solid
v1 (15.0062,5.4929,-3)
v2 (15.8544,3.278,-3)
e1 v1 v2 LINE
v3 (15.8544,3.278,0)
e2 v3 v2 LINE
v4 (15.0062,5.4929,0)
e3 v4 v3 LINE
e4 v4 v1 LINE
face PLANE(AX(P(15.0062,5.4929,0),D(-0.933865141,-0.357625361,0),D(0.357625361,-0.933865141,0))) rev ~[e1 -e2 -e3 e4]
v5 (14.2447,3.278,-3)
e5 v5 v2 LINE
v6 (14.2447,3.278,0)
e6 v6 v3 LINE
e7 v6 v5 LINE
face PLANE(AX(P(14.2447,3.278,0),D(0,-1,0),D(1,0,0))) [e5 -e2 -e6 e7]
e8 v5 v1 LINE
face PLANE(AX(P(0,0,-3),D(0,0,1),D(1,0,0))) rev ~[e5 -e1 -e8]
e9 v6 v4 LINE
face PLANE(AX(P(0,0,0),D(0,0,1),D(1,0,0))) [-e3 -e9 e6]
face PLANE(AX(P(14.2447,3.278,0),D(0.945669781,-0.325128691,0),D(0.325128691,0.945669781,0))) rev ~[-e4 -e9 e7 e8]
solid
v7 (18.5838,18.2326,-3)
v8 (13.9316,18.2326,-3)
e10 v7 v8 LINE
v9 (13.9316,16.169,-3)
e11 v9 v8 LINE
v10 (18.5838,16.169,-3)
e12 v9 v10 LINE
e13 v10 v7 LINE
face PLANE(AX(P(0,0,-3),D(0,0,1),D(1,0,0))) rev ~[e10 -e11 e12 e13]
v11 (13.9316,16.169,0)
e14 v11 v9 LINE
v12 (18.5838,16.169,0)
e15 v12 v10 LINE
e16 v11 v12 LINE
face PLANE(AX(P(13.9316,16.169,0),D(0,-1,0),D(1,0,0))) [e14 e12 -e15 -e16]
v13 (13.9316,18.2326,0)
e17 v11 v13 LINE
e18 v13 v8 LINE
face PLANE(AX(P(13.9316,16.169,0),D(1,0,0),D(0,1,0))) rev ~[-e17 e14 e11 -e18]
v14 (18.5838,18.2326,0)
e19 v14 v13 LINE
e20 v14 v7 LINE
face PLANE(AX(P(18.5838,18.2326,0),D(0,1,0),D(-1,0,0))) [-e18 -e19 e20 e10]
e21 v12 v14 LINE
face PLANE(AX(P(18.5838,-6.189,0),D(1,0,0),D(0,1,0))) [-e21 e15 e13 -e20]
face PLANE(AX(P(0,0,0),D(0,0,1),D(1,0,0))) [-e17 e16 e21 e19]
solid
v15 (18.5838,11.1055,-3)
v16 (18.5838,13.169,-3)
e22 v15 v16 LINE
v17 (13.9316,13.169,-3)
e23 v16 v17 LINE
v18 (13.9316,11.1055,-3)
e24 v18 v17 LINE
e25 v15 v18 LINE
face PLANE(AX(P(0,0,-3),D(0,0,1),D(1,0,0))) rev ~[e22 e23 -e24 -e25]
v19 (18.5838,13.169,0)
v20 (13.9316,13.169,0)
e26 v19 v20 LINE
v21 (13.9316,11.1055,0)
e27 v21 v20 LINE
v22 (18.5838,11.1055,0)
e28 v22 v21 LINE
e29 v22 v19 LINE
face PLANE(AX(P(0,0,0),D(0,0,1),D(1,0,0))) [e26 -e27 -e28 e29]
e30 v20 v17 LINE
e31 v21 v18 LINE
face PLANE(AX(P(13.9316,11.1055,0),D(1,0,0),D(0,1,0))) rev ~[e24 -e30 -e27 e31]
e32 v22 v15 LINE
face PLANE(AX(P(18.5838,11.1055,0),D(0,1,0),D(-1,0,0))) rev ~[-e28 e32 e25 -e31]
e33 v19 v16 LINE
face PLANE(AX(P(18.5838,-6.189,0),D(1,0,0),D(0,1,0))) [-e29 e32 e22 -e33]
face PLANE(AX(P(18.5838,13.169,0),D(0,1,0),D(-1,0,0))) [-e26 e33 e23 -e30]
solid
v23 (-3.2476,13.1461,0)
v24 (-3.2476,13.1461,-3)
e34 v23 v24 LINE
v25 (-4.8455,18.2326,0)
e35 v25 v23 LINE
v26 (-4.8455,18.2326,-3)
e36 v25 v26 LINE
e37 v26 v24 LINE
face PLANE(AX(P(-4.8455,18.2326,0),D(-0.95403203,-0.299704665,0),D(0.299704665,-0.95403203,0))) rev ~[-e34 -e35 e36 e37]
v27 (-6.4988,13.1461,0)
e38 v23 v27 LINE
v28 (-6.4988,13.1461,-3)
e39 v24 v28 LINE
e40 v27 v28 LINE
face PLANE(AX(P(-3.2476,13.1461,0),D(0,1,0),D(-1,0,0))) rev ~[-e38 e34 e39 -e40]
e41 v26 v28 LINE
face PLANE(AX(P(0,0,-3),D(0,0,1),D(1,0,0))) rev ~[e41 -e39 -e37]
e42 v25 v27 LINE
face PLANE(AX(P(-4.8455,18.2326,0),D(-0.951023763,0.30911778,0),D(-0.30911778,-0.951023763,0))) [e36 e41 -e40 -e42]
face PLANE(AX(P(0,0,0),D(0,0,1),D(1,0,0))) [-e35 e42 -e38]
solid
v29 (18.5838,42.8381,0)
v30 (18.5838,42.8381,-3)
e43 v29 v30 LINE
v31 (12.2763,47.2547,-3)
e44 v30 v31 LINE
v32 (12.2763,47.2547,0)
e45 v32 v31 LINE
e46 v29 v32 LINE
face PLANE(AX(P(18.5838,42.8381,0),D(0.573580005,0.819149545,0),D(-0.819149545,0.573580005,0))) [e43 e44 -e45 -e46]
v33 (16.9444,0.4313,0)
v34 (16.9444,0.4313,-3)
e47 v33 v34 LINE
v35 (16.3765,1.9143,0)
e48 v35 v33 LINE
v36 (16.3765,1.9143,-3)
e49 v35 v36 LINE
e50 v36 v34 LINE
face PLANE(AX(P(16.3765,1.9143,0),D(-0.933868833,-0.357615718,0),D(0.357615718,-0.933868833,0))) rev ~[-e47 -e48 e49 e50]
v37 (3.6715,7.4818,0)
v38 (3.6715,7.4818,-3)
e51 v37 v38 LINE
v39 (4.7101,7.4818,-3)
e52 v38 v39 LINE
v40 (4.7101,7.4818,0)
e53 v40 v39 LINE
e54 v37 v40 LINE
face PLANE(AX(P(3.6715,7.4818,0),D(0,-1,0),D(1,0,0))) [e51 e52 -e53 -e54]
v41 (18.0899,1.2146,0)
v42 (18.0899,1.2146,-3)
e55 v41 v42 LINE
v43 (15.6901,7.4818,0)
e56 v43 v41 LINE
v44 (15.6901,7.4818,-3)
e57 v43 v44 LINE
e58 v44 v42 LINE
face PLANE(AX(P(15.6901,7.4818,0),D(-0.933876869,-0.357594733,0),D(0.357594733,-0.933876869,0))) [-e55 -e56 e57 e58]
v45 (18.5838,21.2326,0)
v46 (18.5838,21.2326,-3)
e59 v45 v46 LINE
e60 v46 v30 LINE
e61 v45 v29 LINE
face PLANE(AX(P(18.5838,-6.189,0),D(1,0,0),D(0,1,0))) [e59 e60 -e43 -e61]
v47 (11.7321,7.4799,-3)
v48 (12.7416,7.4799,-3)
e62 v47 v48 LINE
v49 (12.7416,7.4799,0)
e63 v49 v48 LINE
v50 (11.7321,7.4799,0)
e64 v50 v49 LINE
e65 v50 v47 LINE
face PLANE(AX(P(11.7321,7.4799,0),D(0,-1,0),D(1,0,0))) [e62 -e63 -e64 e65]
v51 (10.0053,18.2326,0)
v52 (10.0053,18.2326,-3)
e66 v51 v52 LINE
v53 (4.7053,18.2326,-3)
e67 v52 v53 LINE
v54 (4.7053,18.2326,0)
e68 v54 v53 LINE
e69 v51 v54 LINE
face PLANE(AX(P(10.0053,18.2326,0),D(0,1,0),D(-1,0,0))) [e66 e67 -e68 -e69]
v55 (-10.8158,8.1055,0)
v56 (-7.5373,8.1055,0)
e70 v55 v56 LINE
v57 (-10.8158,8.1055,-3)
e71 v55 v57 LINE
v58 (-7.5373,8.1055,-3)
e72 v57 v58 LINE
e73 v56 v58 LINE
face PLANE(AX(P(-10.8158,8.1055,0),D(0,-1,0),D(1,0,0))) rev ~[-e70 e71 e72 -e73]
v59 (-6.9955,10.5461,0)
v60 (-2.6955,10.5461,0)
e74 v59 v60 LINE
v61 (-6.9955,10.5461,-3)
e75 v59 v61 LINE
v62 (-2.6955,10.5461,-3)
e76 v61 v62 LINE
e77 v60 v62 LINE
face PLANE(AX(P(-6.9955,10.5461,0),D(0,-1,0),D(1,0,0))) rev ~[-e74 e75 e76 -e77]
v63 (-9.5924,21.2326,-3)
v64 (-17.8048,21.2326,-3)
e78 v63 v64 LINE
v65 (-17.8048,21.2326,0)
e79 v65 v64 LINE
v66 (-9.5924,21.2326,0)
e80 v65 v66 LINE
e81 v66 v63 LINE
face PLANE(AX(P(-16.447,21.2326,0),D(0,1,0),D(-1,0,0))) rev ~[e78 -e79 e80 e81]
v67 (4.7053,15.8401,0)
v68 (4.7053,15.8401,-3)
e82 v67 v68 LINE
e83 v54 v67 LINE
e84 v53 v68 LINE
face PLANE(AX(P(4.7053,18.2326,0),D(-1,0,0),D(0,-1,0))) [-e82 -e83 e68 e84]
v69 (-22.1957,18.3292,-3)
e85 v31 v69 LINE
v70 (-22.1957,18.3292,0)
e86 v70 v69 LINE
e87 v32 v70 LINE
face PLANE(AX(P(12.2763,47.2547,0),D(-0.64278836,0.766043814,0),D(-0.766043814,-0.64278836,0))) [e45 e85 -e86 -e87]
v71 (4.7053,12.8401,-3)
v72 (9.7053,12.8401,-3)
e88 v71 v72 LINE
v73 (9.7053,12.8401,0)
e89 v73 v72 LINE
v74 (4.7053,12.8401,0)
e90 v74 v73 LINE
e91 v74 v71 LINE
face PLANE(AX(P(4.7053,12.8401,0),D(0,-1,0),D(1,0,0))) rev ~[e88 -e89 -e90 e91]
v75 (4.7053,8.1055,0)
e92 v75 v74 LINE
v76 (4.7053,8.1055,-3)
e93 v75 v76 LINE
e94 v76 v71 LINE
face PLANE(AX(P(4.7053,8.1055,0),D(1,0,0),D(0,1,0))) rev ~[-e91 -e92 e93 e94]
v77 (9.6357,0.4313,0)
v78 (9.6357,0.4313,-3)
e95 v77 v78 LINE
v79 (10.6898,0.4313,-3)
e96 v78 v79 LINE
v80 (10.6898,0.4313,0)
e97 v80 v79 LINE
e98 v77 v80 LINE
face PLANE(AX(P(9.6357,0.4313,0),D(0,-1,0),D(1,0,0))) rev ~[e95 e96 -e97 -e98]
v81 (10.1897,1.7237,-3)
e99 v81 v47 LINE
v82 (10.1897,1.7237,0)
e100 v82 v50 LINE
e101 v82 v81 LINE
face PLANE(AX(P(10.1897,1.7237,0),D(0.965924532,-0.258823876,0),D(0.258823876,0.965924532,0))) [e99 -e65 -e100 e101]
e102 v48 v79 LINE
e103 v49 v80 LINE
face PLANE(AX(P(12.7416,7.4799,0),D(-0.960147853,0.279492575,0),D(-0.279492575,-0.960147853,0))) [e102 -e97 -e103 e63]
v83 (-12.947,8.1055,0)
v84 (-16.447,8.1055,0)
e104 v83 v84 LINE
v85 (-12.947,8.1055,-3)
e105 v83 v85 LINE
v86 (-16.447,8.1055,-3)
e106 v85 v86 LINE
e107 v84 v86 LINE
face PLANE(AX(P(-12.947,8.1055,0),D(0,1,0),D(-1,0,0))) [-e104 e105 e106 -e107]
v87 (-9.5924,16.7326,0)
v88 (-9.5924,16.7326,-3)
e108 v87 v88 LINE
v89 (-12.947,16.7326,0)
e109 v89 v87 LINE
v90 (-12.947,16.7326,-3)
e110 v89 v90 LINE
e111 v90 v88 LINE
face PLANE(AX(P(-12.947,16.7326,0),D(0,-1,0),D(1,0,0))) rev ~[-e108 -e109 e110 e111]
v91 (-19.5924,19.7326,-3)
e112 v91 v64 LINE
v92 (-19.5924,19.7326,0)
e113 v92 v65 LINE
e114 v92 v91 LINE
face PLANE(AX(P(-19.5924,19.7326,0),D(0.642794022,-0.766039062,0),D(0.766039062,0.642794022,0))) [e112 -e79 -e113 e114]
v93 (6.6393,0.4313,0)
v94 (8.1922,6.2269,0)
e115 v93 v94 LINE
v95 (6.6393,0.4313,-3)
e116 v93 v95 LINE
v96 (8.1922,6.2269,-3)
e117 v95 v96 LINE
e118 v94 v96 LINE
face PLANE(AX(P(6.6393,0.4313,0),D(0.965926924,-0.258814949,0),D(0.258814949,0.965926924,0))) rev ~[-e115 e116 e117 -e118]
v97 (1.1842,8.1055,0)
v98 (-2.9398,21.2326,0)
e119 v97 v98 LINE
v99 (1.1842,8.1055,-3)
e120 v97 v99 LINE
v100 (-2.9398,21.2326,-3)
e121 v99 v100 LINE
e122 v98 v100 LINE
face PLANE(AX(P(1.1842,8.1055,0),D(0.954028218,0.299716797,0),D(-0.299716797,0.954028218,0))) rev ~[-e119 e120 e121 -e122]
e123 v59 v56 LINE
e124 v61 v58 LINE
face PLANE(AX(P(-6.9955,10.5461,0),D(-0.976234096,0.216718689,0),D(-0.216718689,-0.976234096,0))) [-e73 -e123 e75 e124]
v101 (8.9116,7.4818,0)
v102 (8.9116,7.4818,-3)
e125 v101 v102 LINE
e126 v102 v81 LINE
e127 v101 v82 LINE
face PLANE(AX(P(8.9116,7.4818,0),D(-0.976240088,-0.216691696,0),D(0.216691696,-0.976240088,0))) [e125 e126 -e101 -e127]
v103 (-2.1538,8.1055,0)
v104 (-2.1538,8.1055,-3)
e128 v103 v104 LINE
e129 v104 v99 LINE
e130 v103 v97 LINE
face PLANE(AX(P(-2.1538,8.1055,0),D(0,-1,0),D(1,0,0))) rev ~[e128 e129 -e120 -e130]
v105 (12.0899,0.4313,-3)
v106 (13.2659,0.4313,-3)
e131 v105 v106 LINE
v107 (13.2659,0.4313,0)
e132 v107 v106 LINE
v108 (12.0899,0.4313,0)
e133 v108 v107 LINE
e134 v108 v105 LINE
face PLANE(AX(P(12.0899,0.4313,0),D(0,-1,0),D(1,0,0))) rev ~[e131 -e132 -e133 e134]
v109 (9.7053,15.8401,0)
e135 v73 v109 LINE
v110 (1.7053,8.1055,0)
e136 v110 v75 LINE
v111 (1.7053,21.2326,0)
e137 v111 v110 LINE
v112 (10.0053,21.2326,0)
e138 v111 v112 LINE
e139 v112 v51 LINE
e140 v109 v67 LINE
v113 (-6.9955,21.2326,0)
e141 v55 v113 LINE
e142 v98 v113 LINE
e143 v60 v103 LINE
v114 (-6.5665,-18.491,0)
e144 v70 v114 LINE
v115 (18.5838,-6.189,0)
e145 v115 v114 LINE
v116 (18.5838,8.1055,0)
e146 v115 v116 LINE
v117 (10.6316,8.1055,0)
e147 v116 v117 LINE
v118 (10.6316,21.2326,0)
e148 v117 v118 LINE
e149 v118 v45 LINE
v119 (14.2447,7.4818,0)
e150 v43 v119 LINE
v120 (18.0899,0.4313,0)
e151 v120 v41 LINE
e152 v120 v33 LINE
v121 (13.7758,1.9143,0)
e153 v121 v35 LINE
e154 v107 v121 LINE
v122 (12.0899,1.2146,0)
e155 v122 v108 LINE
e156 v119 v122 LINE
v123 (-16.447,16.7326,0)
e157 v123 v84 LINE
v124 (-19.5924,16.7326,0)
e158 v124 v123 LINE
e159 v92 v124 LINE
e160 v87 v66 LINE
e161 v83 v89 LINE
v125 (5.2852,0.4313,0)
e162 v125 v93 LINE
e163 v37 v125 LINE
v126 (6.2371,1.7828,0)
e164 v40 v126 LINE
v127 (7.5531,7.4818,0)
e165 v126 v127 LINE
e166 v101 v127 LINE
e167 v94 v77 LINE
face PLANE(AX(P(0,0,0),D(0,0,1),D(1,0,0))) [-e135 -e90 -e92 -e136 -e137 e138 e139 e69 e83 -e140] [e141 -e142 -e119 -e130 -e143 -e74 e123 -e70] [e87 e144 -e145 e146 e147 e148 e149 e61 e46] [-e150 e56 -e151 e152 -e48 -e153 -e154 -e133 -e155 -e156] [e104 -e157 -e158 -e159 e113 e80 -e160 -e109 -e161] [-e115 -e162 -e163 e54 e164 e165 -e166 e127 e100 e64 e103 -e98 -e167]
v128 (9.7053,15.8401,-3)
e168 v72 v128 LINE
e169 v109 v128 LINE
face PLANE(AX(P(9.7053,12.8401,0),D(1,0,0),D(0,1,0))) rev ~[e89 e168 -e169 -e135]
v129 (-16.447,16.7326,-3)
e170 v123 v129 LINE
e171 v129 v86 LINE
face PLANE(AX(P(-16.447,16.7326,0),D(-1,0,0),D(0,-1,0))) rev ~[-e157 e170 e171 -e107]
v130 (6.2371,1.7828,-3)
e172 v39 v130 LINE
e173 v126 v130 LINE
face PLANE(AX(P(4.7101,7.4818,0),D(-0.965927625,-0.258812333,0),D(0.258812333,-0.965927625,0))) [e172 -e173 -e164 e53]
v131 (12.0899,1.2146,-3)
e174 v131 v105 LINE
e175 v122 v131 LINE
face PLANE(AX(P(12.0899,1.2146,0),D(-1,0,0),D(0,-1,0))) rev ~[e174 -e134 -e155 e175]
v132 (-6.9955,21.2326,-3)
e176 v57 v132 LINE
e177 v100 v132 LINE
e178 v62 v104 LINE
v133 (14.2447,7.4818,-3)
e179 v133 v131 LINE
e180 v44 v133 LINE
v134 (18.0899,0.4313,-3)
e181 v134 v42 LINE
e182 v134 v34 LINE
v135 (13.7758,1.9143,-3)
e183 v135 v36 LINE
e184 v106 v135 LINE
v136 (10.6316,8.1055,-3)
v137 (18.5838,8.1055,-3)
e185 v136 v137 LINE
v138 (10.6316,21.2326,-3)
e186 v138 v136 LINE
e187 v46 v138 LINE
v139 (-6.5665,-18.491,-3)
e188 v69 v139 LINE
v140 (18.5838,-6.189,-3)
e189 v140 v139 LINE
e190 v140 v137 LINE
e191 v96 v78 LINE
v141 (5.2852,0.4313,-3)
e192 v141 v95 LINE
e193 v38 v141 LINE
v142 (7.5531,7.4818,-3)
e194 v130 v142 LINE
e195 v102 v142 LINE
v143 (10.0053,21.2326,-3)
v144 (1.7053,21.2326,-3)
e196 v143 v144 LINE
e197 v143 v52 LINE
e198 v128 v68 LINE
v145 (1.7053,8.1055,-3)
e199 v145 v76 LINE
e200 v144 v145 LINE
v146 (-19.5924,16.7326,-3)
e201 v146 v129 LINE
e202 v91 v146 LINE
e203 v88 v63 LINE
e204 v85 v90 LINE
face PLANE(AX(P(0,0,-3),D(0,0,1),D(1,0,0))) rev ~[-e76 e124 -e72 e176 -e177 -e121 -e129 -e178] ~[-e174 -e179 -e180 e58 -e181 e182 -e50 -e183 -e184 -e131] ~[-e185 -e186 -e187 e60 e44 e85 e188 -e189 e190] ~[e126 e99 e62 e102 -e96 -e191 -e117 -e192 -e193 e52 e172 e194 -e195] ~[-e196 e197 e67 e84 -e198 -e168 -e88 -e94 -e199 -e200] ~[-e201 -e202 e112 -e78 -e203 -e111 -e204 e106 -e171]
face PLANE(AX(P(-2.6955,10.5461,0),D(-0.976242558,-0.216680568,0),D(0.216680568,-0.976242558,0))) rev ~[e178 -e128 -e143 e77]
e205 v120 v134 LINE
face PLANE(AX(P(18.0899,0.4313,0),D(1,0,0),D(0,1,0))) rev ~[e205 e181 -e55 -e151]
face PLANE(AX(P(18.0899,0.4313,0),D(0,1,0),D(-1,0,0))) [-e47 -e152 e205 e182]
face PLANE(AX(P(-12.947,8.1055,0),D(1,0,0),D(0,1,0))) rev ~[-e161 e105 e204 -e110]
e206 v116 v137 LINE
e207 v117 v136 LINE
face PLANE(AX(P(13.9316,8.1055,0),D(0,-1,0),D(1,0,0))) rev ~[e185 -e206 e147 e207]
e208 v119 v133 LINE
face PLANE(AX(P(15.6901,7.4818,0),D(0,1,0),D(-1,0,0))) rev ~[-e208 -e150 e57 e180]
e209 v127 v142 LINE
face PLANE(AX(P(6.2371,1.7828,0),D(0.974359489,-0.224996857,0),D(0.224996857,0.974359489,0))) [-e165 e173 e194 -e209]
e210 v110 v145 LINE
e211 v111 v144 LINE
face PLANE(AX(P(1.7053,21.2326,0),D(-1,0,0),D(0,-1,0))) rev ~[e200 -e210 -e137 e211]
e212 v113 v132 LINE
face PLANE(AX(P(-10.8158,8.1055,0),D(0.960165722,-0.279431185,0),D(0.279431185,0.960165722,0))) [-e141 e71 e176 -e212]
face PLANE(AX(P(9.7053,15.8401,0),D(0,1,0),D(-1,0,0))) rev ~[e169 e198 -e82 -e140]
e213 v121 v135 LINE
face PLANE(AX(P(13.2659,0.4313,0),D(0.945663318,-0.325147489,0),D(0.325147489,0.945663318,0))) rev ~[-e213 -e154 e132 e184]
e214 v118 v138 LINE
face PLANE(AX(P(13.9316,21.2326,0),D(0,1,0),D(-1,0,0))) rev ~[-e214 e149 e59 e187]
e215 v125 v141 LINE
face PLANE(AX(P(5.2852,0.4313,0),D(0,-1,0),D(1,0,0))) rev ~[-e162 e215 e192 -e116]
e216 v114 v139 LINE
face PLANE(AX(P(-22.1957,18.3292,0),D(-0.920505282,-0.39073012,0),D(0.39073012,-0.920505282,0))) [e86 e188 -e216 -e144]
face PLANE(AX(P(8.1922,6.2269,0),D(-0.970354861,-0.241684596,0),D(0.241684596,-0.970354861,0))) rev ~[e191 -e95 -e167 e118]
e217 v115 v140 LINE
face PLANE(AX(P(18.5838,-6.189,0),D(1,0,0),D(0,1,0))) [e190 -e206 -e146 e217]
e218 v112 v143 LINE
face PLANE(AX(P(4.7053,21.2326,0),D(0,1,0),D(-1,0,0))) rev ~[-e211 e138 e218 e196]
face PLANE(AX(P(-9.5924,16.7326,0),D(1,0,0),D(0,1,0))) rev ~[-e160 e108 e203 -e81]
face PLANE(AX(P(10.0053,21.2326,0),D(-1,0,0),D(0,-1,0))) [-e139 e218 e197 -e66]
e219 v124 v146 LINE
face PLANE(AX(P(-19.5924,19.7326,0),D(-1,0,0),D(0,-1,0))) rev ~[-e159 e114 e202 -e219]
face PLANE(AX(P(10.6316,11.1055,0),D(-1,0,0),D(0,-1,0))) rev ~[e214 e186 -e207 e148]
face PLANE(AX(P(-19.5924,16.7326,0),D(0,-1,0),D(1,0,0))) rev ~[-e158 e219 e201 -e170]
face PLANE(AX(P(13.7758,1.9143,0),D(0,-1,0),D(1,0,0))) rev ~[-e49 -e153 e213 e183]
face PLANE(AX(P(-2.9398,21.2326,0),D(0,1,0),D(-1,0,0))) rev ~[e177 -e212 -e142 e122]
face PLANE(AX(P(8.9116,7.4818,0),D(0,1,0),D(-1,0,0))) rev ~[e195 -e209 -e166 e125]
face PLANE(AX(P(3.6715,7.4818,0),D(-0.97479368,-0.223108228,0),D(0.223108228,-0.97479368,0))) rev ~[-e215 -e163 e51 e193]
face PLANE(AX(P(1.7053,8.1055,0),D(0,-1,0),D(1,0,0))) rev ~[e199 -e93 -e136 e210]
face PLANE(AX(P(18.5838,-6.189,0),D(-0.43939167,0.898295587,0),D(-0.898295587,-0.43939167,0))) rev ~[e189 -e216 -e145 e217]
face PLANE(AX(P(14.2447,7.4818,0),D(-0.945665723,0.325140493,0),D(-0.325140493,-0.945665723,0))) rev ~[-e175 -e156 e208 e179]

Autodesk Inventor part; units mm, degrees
ref_plane "YZ Plane" through (0, 0, 0) normal (1, 0, 0) x (0, 1, 0)
ref_plane "XZ Plane" through (0, 0, 0) normal (0, 1, 0) x (-1, 0, 0)
ref_plane "XY Plane" through (0, 0, 0) normal (0, 0, 1) x (1, 0, 0)
sketch "Sketch1" plane through (0, 0, 0) normal (0, 0, 1) x (1, 0, 0)
  line L0 (18.5838, -6.189) -> (18.5838, 42.8381)
  line L1 (18.5838, 42.8381) -> (12.2763, 47.2547)
  line L2 (12.2763, 47.2547) -> (-22.1957, 18.3292)
  line L3 (-22.1957, 18.3292) -> (-6.5665, -18.491)
  line L4 (18.5838, -6.189) -> (-6.5665, -18.491)
  point P0 (0, 0)
  dimension "d69" = 125
  dimension "d70" = 116.065
  dimension "d71" = 50
  dimension "d72" = 23
  dimension "d73" = 18.5838
  dimension "d74" = 45.7502
  dimension "d75" = 13.7251
  dimension "d76" = 28.3081
  dimension "d77" = 13.2695
sketch "Sketch2" plane through (0, 0, 0) normal (0, 0, 1) x (1, 0, 0)
  line L0 (-9.5924, 21.2326) -> (-17.8048, 21.2326)
  line L1 (-19.5924, 19.7326) -> (-19.5924, 16.7326)
  line L2 (-9.5924, 16.7326) -> (-9.5924, 21.2326)
  line L3 (-12.947, 8.1055) -> (-12.947, 16.7326)
  line L4 (-12.947, 21.2326) -> (-16.447, 21.2326)
  line L5 (-16.447, 16.7326) -> (-16.447, 8.1055)
  line L6 (-19.5924, 16.7326) -> (-16.447, 16.7326)
  line L7 (-12.947, 16.7326) -> (-9.5924, 16.7326)
  line L8 (-6.9955, 10.5461) -> (-2.6955, 10.5461)
  line L9 (-3.2476, 13.1461) -> (-6.4988, 13.1461)
  line L10 (-6.9955, 10.5461) -> (-7.5373, 8.1055)
  line L11 (-2.6955, 10.5461) -> (-2.1538, 8.1055)
  line L12 (1.1842, 8.1055) -> (-2.9398, 21.2326)
  line L13 (-10.8158, 8.1055) -> (-6.9955, 21.2326)
  line L14 (-4.8455, 18.2326) -> (-6.4988, 13.1461)
  line L15 (-4.8455, 18.2326) -> (-3.2476, 13.1461)
  line L16 (-2.9398, 21.2326) -> (-6.9955, 21.2326)
  line L17 (-9.5924, 21.2326) -> (-10.8158, 21.2326)
  line L18 (-10.8158, 8.1055) -> (-7.5373, 8.1055)
  line L19 (-2.1538, 8.1055) -> (1.1842, 8.1055)
  line L20 (1.7053, 8.1055) -> (4.7053, 8.1055)
  line L21 (4.7053, 21.2326) -> (1.7053, 21.2326)
  line L22 (1.7053, 21.2326) -> (1.7053, 8.1055)
  line L23 (4.7053, 21.2326) -> (10.0053, 21.2326)
  line L24 (10.0053, 21.2326) -> (10.0053, 18.2326)
  line L25 (10.0053, 18.2326) -> (4.7053, 18.2326)
  line L26 (4.7053, 12.8401) -> (9.7053, 12.8401)
  line L27 (9.7053, 12.8401) -> (9.7053, 15.8401)
  line L28 (9.7053, 15.8401) -> (4.7053, 15.8401)
  line L29 (4.7053, 8.1055) -> (4.7053, 12.8401)
  line L30 (4.7053, 18.2326) -> (4.7053, 15.8401)
  line L31 (10.6316, 8.1055) -> (13.9316, 8.1055)
  line L32 (13.9316, 21.2326) -> (10.6316, 21.2326)
  line L33 (10.6316, 21.2326) -> (10.6316, 8.1055)
  line L34 (10.6316, 21.2326) -> (18.5838, 21.2326)
  line L35 (18.5838, 21.2326) -> (18.5838, 18.2326)
  line L36 (18.5838, 18.2326) -> (13.9316, 18.2326)
  line L37 (10.6316, 18.2326) -> (10.6316, 21.2326)
  line L38 (10.6316, 8.1055) -> (18.5838, 8.1055)
  line L39 (18.5838, 8.1055) -> (18.5838, 11.1055)
  line L40 (18.5838, 11.1055) -> (13.9316, 11.1055)
  line L41 (10.6316, 11.1055) -> (10.6316, 8.1055)
  line L42 (18.5838, 13.169) -> (13.9316, 13.169)
  line L43 (10.6316, 13.169) -> (10.6316, 16.169)
  line L44 (13.9316, 16.169) -> (18.5838, 16.169)
  line L45 (18.5838, 16.169) -> (18.5838, 13.169)
  line L46 (13.9316, 11.1055) -> (13.9316, 13.169)
  line L47 (13.9316, 16.169) -> (13.9316, 18.2326)
  line L48 (4.7101, 7.4818) -> (6.2371, 1.7828)
  line L49 (4.7101, 7.4818) -> (10.6101, 7.4818) construction
  line L50 (6.2371, 1.7828) -> (7.5531, 7.4818)
  line L51 (6.6393, 0.4313) -> (8.1922, 6.2269)
  line L52 (6.6393, 0.4313) -> (12.6393, 0.4313) construction
  line L53 (8.1922, 6.2269) -> (9.6357, 0.4313)
  line L54 (8.9116, 7.4818) -> (10.1897, 1.7237)
  line L55 (10.1897, 1.7237) -> (11.7321, 7.4799)
  line L56 (5.2852, 0.4313) -> (6.6393, 0.4313)
  line L57 (12.7416, 7.4799) -> (10.6898, 0.4313)
  line L58 (9.6357, 0.4313) -> (10.6898, 0.4313)
  line L59 (8.9116, 7.4818) -> (7.5531, 7.4818)
  line L60 (11.7321, 7.4799) -> (12.7416, 7.4799)
  line L61 (3.6715, 7.4818) -> (4.7101, 7.4818)
  line L62 (3.6715, 7.4818) -> (5.2852, 0.4313)
  line L63 (18.0899, 0.4313) -> (18.0899, 1.2146)
  line L64 (15.6901, 7.4818) -> (14.2447, 7.4818)
  line L65 (14.2447, 7.4818) -> (15.6901, 7.4818)
  line L66 (18.0899, 1.2146) -> (18.0899, 0.4313)
  line L67 (18.0899, 0.4313) -> (16.9444, 0.4313)
  line L68 (14.2447, 7.4818) -> (12.0899, 1.2146)
  line L69 (15.6901, 7.4818) -> (18.0899, 1.2146)
  line L70 (14.2447, 3.278) -> (15.8544, 3.278)
  line L71 (13.7758, 1.9143) -> (16.3765, 1.9143)
  line L72 (13.2659, 0.4313) -> (13.7758, 1.9143)
  line L73 (14.2447, 3.278) -> (15.0062, 5.4929)
  line L74 (15.0062, 5.4929) -> (15.8544, 3.278)
  line L75 (16.3765, 1.9143) -> (16.9444, 0.4313)
  line L76 (12.0899, 0.4313) -> (13.2659, 0.4313)
  line L77 (16.9444, 0.4313) -> (18.0899, 0.4313)
  line L78 (12.0899, 1.2146) -> (12.0899, 0.4313)
  line L79 (-19.5924, 19.7326) -> (-17.8048, 21.2326)
  line L80 (-19.5924, 19.7326) -> (-17.2589, 19.7326) construction
  line L81 (-12.947, 8.1055) -> (-16.447, 8.1055)
  point P0 (0, 0)
  dimension "d39" = 3
  dimension "d41" = 12
  dimension "d44" = 2.5
  dimension "d45" = 2.5
  dimension "d46" = 3
  dimension "d47" = 5.3
  dimension "d48" = 5
  dimension "d49" = 3
  dimension "d50" = 3.3
  dimension "d51" = 3
  dimension "d52" = 3
  dimension "d55" = 5.9
  dimension "d56" = 75
  dimension "d57" = 6
  dimension "d58" = 75
  dimension "d62" = 40
extrude "Extrusion1" add sketch "Sketch1" against normal blind 3
extrude "Extrusion2" cut sketch "Sketch2" against normal blind 3
properties part number "Tage logo 2,0"
